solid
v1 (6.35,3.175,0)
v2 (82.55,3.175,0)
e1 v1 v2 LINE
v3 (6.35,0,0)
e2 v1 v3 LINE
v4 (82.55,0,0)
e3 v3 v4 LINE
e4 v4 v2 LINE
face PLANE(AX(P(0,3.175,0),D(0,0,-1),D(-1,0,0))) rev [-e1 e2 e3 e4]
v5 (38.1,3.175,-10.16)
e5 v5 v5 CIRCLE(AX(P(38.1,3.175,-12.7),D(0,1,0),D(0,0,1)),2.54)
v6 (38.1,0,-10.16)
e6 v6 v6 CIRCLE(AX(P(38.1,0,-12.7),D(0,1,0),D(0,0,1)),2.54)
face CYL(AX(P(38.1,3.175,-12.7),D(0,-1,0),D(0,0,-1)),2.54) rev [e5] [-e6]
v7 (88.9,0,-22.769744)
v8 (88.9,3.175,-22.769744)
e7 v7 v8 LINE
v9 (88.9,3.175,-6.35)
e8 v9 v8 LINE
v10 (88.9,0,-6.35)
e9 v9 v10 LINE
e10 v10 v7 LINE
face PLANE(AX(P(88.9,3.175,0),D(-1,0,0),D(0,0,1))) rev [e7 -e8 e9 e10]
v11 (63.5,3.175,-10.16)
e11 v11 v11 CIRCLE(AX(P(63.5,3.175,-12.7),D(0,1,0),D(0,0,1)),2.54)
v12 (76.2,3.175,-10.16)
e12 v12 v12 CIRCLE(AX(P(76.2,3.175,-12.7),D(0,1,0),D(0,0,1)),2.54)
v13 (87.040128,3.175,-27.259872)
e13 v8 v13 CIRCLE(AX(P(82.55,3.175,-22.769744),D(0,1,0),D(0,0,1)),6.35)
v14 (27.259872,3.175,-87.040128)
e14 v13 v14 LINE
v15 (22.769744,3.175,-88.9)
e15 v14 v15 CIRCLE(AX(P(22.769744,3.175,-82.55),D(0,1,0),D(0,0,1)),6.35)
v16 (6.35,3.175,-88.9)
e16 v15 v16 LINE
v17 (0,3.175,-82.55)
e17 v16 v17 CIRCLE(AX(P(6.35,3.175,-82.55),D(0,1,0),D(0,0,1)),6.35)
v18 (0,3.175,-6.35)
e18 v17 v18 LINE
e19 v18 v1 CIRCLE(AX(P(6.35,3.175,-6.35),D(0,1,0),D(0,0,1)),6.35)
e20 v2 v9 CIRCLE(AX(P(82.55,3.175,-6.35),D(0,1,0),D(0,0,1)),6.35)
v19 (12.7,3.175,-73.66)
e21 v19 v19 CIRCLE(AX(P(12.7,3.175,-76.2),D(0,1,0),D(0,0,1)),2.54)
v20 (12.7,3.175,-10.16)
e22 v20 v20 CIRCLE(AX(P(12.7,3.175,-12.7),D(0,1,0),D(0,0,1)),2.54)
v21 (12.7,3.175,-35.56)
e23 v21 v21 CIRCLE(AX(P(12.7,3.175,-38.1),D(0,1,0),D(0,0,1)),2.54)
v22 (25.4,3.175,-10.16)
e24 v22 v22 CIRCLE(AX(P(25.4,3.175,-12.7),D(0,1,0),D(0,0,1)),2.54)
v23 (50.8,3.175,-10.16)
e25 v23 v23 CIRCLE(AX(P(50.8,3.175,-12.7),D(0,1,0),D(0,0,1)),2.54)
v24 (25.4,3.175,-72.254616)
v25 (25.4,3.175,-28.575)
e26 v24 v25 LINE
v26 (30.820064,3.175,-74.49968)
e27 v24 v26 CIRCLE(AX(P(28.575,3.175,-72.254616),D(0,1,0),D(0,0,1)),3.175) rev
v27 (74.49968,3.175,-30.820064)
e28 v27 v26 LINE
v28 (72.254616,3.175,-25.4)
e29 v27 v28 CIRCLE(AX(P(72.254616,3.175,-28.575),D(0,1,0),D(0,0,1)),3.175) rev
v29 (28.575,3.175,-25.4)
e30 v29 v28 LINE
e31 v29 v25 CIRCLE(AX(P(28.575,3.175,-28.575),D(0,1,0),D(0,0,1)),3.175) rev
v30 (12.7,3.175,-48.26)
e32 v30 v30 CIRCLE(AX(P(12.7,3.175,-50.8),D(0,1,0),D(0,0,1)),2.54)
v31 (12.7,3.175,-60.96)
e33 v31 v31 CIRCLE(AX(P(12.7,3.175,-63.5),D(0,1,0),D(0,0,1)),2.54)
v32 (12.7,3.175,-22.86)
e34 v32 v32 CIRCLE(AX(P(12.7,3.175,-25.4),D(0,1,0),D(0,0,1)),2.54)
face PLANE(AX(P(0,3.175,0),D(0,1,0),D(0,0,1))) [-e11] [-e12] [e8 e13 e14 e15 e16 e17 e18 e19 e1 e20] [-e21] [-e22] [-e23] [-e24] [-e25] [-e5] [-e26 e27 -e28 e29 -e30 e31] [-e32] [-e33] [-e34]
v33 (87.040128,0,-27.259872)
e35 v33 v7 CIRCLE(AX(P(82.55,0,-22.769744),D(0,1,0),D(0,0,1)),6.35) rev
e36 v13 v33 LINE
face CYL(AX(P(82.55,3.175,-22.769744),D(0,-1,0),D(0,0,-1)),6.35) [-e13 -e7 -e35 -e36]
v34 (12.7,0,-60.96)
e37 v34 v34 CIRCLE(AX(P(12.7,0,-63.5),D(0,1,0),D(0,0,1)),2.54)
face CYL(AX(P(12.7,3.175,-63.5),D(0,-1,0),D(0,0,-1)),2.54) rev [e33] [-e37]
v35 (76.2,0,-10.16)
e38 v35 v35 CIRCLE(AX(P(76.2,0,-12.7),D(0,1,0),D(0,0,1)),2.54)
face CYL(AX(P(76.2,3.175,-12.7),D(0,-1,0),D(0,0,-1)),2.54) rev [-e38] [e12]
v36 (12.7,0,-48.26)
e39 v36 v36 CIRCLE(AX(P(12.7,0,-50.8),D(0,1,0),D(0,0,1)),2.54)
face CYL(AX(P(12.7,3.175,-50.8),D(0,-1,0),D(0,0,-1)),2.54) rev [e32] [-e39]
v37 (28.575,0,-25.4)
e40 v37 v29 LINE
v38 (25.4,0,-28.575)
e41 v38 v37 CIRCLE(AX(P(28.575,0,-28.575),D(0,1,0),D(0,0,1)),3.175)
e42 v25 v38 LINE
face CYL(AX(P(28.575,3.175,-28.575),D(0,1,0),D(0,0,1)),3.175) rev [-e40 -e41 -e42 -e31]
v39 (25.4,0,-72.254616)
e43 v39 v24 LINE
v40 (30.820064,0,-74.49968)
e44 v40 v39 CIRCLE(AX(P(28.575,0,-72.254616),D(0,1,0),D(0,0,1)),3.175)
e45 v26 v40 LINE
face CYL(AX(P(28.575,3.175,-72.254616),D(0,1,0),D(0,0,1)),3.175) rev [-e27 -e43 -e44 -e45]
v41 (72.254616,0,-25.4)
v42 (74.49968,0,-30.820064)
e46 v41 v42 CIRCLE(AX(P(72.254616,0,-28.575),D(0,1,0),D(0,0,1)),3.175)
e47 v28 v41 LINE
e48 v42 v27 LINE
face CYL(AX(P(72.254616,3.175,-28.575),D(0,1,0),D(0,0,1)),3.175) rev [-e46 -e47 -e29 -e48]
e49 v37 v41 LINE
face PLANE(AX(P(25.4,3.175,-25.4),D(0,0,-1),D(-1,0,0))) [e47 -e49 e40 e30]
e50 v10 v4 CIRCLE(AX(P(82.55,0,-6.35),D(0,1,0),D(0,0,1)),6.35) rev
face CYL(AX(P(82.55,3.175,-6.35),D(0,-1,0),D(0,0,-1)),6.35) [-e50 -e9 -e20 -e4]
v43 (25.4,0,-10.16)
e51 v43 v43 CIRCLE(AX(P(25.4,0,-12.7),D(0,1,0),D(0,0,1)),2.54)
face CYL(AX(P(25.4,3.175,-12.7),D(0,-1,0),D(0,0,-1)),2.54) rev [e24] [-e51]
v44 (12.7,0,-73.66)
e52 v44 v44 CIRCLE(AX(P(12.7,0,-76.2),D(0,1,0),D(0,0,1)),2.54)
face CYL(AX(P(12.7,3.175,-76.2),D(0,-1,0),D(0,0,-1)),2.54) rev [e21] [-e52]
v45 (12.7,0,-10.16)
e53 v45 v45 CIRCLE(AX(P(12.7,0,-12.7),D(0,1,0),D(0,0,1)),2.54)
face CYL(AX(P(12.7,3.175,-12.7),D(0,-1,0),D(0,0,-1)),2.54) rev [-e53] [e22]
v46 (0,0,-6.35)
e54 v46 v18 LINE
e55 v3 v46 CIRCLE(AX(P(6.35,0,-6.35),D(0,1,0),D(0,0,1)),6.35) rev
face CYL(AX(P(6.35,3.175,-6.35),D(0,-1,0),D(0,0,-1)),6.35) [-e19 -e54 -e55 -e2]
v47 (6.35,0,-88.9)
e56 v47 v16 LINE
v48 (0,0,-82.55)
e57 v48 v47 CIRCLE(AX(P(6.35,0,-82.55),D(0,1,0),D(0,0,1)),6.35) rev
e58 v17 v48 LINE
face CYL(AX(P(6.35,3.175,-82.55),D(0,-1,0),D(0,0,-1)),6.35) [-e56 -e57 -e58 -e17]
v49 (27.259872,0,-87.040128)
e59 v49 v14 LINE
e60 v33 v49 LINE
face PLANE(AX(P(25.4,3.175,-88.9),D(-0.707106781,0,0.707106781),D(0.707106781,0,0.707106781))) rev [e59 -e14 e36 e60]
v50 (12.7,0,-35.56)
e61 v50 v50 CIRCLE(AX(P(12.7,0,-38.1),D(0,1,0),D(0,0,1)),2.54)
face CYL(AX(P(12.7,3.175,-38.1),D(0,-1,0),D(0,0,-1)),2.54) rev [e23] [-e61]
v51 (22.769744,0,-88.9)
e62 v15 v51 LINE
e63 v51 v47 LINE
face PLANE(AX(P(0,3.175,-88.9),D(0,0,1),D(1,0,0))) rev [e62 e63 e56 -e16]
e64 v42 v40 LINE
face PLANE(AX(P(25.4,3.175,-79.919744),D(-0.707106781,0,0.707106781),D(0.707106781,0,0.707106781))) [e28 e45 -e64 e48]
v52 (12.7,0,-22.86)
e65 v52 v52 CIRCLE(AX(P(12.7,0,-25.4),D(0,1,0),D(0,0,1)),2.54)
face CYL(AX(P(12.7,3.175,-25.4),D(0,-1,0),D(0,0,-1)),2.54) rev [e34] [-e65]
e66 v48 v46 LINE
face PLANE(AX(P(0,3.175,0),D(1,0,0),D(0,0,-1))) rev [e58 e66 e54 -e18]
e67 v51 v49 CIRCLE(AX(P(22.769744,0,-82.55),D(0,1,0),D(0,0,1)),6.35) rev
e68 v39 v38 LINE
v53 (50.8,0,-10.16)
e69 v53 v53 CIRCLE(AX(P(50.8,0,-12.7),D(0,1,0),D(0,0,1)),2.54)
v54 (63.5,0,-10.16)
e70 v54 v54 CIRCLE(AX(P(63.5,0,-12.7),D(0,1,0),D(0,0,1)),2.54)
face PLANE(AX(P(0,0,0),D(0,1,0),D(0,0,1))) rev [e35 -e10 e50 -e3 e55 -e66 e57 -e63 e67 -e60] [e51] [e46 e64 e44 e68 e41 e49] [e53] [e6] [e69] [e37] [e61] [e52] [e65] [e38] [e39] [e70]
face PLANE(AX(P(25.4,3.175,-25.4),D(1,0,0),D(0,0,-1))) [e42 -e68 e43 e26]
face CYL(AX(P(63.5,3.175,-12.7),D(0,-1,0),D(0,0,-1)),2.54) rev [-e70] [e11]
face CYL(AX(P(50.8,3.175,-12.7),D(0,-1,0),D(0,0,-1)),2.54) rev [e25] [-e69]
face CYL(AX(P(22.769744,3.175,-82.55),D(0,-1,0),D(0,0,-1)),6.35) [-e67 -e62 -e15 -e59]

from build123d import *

# Parameters (mm, degrees)
SKETCH1_R           = 2.54
BOSS_EXTRUDE1_DEPTH = 3.175
FILLET1_R           = 6.35
FILLET2_R           = 3.175


with BuildPart() as part:
    # Sketch1 → Boss-Extrude1 (new body)
    with BuildSketch(Plane(origin=(0, 0, 0), x_dir=(1, 0, 0), z_dir=(0, 1, 0))):
        Polygon((0, 0), (0, 88.9), (25.4, 88.9), (88.9, 25.4), (88.9, 0), align=None)
        with Locations(Location((12.7, 12.7, 0), (0, 0, 270))):
            Circle(SKETCH1_R, mode=Mode.SUBTRACT)
        with Locations(Location((25.4, 12.7, 0), (0, 0, 270))):
            Circle(SKETCH1_R, mode=Mode.SUBTRACT)
        with Locations(Location((38.1, 12.7, 0), (0, 0, 270))):
            Circle(SKETCH1_R, mode=Mode.SUBTRACT)
        with Locations(Location((50.8, 12.7, 0), (0, 0, 270))):
            Circle(SKETCH1_R, mode=Mode.SUBTRACT)
        with Locations(Location((63.5, 12.7, 0), (0, 0, 270))):
            Circle(SKETCH1_R, mode=Mode.SUBTRACT)
        with Locations(Location((76.2, 12.7, 0), (0, 0, 270))):
            Circle(SKETCH1_R, mode=Mode.SUBTRACT)
        with Locations(Location((12.7, 25.4, 0), (0, 0, 270))):
            Circle(SKETCH1_R, mode=Mode.SUBTRACT)
        with Locations(Location((12.7, 38.1, 0), (0, 0, 270))):
            Circle(SKETCH1_R, mode=Mode.SUBTRACT)
        with Locations(Location((12.7, 50.8, 0), (0, 0, 270))):
            Circle(SKETCH1_R, mode=Mode.SUBTRACT)
        with Locations(Location((12.7, 63.5, 0), (0, 0, 270))):
            Circle(SKETCH1_R, mode=Mode.SUBTRACT)
        with Locations(Location((12.7, 76.2, 0), (0, 0, 270))):
            Circle(SKETCH1_R, mode=Mode.SUBTRACT)
        Polygon((25.4, 25.4), (25.4, 79.919743879), (79.919743879, 25.4), align=None, mode=Mode.SUBTRACT)
    extrude(amount=BOSS_EXTRUDE1_DEPTH)

    # Fillet1
    fillet1_edges = [part.edges().sort_by_distance(p)[0] for p in [
        (0, 1.5875, 0),
        (0, 1.5875, -88.9),
        (25.4, 1.5875, -88.9),
        (88.9, 1.5875, -25.4),
        (88.9, 1.5875, 0),
    ]]
    fillet(fillet1_edges, radius=FILLET1_R)

    # Fillet2
    fillet2_edges = [part.edges().sort_by_distance(p)[0] for p in [
        (25.4, 1.5875, -25.4),
        (79.919743879, 1.5875, -25.4),
        (25.4, 1.5875, -79.919743879),
    ]]
    fillet(fillet2_edges, radius=FILLET2_R)


solid = part.part
